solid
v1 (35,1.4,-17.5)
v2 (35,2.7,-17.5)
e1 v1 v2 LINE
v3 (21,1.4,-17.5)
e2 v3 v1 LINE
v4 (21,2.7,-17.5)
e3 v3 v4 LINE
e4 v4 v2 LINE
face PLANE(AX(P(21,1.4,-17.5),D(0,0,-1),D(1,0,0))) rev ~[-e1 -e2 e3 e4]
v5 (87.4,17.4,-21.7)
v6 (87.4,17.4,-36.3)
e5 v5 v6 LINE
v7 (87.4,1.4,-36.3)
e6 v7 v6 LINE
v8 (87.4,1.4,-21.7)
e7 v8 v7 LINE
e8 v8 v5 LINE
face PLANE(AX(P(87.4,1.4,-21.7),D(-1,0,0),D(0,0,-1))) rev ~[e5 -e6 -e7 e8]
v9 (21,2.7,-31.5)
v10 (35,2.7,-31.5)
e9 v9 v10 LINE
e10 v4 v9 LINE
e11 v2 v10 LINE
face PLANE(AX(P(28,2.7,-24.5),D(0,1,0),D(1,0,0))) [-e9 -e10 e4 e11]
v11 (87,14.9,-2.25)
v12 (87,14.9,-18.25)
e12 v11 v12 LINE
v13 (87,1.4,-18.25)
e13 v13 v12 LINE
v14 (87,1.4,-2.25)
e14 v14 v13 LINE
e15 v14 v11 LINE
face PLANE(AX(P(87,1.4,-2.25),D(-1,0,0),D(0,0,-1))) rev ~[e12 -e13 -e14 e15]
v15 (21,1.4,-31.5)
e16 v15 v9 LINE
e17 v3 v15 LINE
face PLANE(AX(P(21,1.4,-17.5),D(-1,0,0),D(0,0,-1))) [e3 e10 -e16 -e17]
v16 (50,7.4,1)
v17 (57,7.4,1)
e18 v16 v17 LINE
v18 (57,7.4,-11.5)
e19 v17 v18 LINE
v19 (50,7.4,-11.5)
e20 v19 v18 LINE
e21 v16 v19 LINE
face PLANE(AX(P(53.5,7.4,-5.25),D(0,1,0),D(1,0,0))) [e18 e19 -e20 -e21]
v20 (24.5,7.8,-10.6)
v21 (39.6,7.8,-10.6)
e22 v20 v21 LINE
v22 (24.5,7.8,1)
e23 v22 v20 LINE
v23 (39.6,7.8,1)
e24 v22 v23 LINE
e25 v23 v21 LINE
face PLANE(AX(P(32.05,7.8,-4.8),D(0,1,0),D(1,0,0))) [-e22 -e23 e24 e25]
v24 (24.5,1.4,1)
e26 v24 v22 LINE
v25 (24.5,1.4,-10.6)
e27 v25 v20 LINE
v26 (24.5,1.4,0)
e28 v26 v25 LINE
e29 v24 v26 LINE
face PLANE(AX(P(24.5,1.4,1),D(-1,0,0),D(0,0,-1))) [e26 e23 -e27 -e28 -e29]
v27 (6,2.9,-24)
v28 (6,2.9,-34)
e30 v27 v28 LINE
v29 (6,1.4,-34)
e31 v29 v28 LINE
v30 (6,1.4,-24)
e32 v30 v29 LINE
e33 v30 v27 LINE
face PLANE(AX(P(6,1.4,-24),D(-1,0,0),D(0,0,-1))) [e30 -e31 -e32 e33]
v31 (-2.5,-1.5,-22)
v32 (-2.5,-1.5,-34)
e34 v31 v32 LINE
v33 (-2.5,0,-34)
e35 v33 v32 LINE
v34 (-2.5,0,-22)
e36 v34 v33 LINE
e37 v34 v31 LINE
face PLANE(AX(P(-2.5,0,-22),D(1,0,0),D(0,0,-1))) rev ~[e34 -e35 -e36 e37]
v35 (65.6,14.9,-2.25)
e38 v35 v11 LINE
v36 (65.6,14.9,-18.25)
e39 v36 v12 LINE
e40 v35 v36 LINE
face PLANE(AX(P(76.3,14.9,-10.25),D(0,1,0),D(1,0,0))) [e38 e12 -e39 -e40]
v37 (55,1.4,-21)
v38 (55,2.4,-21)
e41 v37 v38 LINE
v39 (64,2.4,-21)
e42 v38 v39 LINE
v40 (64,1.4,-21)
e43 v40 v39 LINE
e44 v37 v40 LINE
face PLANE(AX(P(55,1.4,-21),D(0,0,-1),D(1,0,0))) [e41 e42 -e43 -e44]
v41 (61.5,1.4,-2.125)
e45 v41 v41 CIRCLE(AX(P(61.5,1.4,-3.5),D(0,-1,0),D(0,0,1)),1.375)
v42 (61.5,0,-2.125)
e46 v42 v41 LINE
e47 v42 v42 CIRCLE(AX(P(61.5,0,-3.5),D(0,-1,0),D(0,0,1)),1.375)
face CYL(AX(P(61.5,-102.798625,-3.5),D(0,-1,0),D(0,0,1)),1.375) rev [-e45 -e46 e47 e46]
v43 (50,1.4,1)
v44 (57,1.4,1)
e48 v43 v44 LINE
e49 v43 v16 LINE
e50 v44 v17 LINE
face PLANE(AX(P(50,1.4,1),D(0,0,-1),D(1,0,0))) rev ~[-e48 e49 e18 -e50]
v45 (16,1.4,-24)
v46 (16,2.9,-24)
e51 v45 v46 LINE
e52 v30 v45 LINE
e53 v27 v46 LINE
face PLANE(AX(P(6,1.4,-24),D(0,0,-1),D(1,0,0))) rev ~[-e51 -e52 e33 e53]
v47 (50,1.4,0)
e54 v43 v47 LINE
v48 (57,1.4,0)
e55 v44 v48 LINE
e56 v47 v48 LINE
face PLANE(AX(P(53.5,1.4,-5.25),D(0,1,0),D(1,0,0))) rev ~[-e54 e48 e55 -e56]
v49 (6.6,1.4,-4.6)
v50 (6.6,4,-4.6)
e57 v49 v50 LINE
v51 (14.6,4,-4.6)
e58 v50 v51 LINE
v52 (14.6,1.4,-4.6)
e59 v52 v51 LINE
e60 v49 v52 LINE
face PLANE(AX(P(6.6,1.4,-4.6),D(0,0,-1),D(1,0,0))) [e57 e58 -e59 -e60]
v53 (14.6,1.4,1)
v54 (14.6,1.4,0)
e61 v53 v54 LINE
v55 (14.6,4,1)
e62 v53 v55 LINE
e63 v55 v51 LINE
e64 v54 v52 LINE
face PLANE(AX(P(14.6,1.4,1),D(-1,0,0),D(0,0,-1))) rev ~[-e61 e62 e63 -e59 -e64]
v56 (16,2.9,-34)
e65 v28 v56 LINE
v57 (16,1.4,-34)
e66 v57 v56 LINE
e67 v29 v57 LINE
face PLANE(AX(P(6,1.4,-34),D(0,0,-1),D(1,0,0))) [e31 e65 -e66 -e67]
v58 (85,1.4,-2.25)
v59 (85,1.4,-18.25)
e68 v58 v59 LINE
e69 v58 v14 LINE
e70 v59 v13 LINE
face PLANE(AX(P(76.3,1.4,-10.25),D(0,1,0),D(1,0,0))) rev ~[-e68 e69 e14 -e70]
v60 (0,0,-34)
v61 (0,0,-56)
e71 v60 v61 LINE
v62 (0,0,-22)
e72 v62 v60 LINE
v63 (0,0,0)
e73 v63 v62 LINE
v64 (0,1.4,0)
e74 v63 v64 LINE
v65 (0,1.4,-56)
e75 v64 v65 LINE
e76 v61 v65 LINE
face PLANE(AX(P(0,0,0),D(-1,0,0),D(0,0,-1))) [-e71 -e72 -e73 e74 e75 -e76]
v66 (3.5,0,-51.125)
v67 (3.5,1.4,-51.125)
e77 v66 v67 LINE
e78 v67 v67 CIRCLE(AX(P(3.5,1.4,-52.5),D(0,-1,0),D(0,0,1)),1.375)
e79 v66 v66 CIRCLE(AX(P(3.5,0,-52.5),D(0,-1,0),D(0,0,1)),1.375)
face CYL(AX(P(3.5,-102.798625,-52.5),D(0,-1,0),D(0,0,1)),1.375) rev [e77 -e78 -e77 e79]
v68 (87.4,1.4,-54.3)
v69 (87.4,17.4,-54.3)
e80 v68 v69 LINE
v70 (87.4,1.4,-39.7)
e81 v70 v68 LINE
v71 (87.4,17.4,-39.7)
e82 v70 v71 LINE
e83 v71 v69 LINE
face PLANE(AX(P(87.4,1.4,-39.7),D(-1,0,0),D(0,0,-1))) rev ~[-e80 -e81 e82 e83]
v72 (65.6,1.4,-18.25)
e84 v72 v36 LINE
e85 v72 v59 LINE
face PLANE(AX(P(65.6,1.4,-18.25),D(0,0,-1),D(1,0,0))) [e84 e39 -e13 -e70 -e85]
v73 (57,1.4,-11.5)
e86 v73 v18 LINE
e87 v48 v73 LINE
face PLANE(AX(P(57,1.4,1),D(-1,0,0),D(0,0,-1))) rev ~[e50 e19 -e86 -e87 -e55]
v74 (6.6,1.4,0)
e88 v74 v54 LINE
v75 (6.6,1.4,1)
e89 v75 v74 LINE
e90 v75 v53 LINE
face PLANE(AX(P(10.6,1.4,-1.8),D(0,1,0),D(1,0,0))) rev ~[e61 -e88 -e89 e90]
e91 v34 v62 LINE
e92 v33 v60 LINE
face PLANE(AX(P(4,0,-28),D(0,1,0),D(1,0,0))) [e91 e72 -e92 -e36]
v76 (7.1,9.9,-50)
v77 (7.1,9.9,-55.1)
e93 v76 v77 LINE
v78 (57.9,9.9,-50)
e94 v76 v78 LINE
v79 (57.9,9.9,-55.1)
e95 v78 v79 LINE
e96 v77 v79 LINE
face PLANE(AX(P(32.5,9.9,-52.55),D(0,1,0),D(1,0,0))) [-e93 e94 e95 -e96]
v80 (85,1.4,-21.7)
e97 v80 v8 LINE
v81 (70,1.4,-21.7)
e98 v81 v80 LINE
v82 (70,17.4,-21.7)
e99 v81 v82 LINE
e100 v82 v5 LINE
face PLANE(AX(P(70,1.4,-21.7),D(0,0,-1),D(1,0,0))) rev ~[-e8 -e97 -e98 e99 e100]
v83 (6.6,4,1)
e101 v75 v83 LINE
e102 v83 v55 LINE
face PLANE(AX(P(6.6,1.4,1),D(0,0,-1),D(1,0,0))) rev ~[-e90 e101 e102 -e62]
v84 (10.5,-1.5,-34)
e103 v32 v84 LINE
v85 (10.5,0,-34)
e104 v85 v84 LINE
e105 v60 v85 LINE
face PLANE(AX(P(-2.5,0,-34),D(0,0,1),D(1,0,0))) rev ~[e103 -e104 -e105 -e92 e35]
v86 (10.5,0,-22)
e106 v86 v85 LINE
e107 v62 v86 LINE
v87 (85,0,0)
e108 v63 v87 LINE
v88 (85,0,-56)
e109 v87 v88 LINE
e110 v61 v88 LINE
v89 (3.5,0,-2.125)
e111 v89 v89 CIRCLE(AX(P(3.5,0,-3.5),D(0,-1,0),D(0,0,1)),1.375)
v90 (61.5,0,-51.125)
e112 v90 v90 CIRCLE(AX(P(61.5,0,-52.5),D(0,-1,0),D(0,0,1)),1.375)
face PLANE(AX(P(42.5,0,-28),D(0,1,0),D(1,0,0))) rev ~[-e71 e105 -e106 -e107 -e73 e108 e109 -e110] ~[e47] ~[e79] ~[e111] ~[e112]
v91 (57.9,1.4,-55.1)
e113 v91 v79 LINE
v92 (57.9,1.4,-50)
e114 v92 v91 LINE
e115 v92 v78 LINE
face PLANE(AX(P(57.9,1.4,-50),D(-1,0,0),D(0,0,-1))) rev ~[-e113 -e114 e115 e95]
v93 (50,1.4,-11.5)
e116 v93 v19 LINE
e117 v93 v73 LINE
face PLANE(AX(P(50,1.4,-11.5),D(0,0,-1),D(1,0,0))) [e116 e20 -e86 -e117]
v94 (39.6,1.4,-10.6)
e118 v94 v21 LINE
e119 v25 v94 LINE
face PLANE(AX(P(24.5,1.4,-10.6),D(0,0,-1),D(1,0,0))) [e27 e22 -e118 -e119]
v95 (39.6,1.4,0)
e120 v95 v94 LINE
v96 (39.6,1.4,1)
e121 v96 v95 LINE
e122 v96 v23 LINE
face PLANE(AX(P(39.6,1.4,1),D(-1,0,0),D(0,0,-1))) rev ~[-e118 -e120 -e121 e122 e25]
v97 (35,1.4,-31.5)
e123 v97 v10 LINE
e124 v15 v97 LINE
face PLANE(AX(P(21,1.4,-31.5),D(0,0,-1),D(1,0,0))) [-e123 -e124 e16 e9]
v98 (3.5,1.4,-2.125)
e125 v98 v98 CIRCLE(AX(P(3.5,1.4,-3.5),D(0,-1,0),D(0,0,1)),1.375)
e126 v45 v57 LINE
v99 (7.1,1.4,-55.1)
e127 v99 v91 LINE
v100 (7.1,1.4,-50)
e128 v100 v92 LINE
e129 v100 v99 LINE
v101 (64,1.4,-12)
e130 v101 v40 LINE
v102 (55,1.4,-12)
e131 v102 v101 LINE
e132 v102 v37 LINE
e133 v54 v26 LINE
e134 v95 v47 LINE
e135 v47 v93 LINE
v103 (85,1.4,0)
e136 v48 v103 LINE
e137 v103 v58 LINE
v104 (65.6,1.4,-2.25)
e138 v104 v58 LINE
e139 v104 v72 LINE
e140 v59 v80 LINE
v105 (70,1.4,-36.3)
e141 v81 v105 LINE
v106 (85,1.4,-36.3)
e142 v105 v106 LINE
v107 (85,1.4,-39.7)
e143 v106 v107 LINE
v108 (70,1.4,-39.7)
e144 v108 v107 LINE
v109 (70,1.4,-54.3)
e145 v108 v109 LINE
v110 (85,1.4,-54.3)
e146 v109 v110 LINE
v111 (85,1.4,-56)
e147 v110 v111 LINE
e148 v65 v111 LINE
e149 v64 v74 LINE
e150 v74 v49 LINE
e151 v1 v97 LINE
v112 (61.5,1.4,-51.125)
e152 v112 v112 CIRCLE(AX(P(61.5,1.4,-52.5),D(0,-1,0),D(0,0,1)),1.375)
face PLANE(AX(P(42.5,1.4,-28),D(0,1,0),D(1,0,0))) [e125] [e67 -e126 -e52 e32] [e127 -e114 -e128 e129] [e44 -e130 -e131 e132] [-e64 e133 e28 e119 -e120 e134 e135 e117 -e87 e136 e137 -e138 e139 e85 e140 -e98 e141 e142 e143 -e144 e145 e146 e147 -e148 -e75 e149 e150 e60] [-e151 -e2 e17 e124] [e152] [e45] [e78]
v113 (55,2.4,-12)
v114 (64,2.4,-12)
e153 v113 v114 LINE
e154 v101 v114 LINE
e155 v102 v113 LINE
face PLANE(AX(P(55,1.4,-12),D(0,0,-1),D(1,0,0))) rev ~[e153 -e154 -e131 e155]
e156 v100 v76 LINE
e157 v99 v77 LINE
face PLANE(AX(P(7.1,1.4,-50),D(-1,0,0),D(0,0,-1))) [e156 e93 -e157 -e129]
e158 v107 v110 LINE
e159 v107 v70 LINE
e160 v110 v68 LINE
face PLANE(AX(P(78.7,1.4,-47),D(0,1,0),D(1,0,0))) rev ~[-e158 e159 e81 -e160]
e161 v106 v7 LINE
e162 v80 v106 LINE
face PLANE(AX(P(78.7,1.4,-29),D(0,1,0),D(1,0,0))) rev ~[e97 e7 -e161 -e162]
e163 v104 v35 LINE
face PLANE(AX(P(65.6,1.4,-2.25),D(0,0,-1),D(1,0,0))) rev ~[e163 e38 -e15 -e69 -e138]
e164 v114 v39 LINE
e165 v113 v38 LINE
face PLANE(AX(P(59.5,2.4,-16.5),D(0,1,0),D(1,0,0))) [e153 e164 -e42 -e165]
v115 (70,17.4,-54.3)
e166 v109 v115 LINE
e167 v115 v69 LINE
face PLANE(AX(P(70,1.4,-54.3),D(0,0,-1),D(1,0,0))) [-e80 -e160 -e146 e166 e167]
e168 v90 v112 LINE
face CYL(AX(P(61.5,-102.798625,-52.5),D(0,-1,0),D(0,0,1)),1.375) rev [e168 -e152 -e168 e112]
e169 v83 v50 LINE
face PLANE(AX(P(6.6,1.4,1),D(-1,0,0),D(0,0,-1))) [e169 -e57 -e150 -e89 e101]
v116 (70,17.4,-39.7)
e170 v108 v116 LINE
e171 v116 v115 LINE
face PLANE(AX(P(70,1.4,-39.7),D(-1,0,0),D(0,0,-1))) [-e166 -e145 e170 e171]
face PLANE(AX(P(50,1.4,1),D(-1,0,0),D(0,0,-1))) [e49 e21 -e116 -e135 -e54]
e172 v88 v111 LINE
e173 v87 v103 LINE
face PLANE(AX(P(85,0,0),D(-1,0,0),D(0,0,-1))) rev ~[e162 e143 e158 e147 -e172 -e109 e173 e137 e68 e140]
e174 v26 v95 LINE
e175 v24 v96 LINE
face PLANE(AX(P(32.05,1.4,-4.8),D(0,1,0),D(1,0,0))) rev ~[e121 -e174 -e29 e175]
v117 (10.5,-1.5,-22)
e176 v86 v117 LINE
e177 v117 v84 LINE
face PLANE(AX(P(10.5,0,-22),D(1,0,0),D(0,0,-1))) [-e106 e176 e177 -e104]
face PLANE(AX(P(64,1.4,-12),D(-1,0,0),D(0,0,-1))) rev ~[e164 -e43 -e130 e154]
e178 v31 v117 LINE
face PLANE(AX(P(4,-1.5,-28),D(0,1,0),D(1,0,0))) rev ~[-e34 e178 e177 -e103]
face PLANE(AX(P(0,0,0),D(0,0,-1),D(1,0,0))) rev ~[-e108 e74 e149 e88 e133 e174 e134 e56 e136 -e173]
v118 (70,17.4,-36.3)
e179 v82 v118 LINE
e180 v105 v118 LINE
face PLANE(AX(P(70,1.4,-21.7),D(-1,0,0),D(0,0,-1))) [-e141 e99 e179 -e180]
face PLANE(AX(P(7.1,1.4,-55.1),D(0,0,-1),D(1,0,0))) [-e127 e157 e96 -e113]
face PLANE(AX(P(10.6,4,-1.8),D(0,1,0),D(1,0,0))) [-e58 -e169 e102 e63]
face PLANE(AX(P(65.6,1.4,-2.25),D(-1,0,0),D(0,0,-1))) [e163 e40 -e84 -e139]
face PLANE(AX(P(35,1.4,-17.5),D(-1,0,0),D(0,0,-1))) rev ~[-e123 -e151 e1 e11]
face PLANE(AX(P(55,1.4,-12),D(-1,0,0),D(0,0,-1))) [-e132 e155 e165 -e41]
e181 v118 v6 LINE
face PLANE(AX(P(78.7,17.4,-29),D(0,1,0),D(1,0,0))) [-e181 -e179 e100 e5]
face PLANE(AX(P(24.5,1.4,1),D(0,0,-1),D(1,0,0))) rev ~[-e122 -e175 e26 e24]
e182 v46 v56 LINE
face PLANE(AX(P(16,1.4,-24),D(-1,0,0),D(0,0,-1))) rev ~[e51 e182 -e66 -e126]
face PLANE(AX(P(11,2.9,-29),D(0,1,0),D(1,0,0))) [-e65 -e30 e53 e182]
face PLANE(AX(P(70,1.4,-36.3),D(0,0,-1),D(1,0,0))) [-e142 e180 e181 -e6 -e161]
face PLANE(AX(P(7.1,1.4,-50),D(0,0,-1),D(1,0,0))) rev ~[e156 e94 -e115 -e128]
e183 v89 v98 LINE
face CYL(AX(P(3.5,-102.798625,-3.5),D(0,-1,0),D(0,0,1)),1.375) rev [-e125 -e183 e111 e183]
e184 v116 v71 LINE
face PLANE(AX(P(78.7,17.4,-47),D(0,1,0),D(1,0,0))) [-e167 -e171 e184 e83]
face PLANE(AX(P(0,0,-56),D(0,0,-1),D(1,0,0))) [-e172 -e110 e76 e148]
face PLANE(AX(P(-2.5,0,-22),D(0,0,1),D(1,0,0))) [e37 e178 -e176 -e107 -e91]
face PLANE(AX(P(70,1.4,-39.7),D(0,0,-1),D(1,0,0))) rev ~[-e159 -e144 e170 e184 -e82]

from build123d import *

# Parameters (mm, degrees)
SKETCH1_W               = 85
SKETCH1_H               = 56
PCB_DEPTH               = 1.4
M2_5_HOLE_1_DEPTH       = 102.798624745
M2_5_HOLE_1_DEPTH_BACK  = 102.798624745
SKETCH2_R               = 1.375
M2_5_HOLE_2_DEPTH       = 102.798624745
M2_5_HOLE_2_DEPTH_BACK  = 102.798624745
SKETCH3_R               = 1.375
M2_5_HOLE_3_DEPTH       = 102.798624745
M2_5_HOLE_3_DEPTH_BACK  = 102.798624745
SKETCH4_R               = 1.375
M2_5_HOLE_4_DEPTH       = 102.798624745
M2_5_HOLE_4_DEPTH_BACK  = 102.798624745
SKETCH5_R               = 1.375
GPIO_HEADER_40PIN_START = 1.4
SKETCH6_W               = 50.8
SKETCH6_H               = 5.1
GPIO_HEADER_40PIN_DEPTH = 8.5
USB_PAIR_1_START        = 1.4
SKETCH7_W               = 17.4
SKETCH7_H               = 14.6
USB_PAIR_1_DEPTH        = 16
USB_PAIR_2_START        = 1.4
SKETCH8_W               = 17.4
SKETCH8_H               = 14.6
USB_PAIR_2_DEPTH        = 16
ETHERNET_RJ45_START     = 1.4
SKETCH9_W               = 21.4
SKETCH9_H               = 16
ETHERNET_RJ45_DEPTH     = 13.5
SOC_BCM2837B0_START     = 1.4
SKETCH10_W              = 14
SKETCH10_H              = 14
SOC_BCM2837B0_DEPTH     = 1.3
HDMI_START              = 1.4
SKETCH11_W              = 15.1
SKETCH11_H              = 11.6
HDMI_DEPTH              = 6.4
MICRO_USB_POWER_START   = 1.4
SKETCH12_W              = 8
SKETCH12_H              = 5.6
MICRO_USB_POWER_DEPTH   = 2.6
AUDIO_JACK_START        = 1.4
SKETCH13_W              = 7
SKETCH13_H              = 12.5
AUDIO_JACK_DEPTH        = 6
WIFI_SHIELD_START       = 1.4
SKETCH14_W              = 10
SKETCH14_H              = 10
WIFI_SHIELD_DEPTH       = 1.5
LAN_CHIP_START          = 1.4
SKETCH15_W              = 9
SKETCH15_H              = 9
LAN_CHIP_DEPTH          = 1
SKETCH16_W              = 13
SKETCH16_H              = 12
MICROSD_SLOT_DEPTH      = 1.5


with BuildPart() as part:
    # Sketch1 → PCB (new body)
    with BuildSketch(Plane(origin=(0, 0, 0), x_dir=(1, 0, 0), z_dir=(0, 1, 0))):
        with Locations((42.5, 28)):
            Rectangle(SKETCH1_W, SKETCH1_H)
    extrude(amount=PCB_DEPTH)

    # Sketch2 → M2_5_hole_1 (cut, two sides: drawn at the far end of the back side and taken through both)
    with BuildSketch(Plane(origin=(0, 0, 0), x_dir=(1, 0, 0), z_dir=(0, 1, 0)).offset(-M2_5_HOLE_1_DEPTH_BACK)):
        with Locations(Location((3.5, 3.5, 0), (0, 0, 270))):
            Circle(SKETCH2_R)
    extrude(amount=M2_5_HOLE_1_DEPTH + M2_5_HOLE_1_DEPTH_BACK, mode=Mode.SUBTRACT)

    # Sketch3 → M2_5_hole_2 (cut, two sides: drawn at the far end of the back side and taken through both)
    with BuildSketch(Plane(origin=(0, 0, 0), x_dir=(1, 0, 0), z_dir=(0, 1, 0)).offset(-M2_5_HOLE_2_DEPTH_BACK)):
        with Locations(Location((61.5, 3.5, 0), (0, 0, 270))):
            Circle(SKETCH3_R)
    extrude(amount=M2_5_HOLE_2_DEPTH + M2_5_HOLE_2_DEPTH_BACK, mode=Mode.SUBTRACT)

    # Sketch4 → M2_5_hole_3 (cut, two sides: drawn at the far end of the back side and taken through both)
    with BuildSketch(Plane(origin=(0, 0, 0), x_dir=(1, 0, 0), z_dir=(0, 1, 0)).offset(-M2_5_HOLE_3_DEPTH_BACK)):
        with Locations(Location((3.5, 52.5, 0), (0, 0, 270))):
            Circle(SKETCH4_R)
    extrude(amount=M2_5_HOLE_3_DEPTH + M2_5_HOLE_3_DEPTH_BACK, mode=Mode.SUBTRACT)

    # Sketch5 → M2_5_hole_4 (cut, two sides: drawn at the far end of the back side and taken through both)
    with BuildSketch(Plane(origin=(0, 0, 0), x_dir=(1, 0, 0), z_dir=(0, 1, 0)).offset(-M2_5_HOLE_4_DEPTH_BACK)):
        with Locations(Location((61.5, 52.5, 0), (0, 0, 270))):
            Circle(SKETCH5_R)
    extrude(amount=M2_5_HOLE_4_DEPTH + M2_5_HOLE_4_DEPTH_BACK, mode=Mode.SUBTRACT)

    # Sketch6 → GPIO_header_40pin (add)
    with BuildSketch(Plane(origin=(0, 0, 0), x_dir=(1, 0, 0), z_dir=(0, 1, 0)).offset(GPIO_HEADER_40PIN_START)):
        with Locations((32.5, 52.55)):
            Rectangle(SKETCH6_W, SKETCH6_H)
    extrude(amount=GPIO_HEADER_40PIN_DEPTH)

    # Sketch7 → USB_pair_1 (add)
    with BuildSketch(Plane(origin=(0, 0, 0), x_dir=(1, 0, 0), z_dir=(0, 1, 0)).offset(USB_PAIR_1_START)):
        with Locations((78.7, 29)):
            Rectangle(SKETCH7_W, SKETCH7_H)
    extrude(amount=USB_PAIR_1_DEPTH)

    # Sketch8 → USB_pair_2 (add)
    with BuildSketch(Plane(origin=(0, 0, 0), x_dir=(1, 0, 0), z_dir=(0, 1, 0)).offset(USB_PAIR_2_START)):
        with Locations((78.7, 47)):
            Rectangle(SKETCH8_W, SKETCH8_H)
    extrude(amount=USB_PAIR_2_DEPTH)

    # Sketch9 → Ethernet_RJ45 (add)
    with BuildSketch(Plane(origin=(0, 0, 0), x_dir=(1, 0, 0), z_dir=(0, 1, 0)).offset(ETHERNET_RJ45_START)):
        with Locations((76.3, 10.25)):
            Rectangle(SKETCH9_W, SKETCH9_H)
    extrude(amount=ETHERNET_RJ45_DEPTH)

    # Sketch10 → SoC_BCM2837B0 (add)
    with BuildSketch(Plane(origin=(0, 0, 0), x_dir=(1, 0, 0), z_dir=(0, 1, 0)).offset(SOC_BCM2837B0_START)):
        with Locations((28, 24.5)):
            Rectangle(SKETCH10_W, SKETCH10_H)
    extrude(amount=SOC_BCM2837B0_DEPTH)

    # Sketch11 → HDMI (add)
    with BuildSketch(Plane(origin=(0, 0, 0), x_dir=(1, 0, 0), z_dir=(0, 1, 0)).offset(HDMI_START)):
        with Locations((32.05, 4.8)):
            Rectangle(SKETCH11_W, SKETCH11_H)
    extrude(amount=HDMI_DEPTH)

    # Sketch12 → Micro_USB_power (add)
    with BuildSketch(Plane(origin=(0, 0, 0), x_dir=(1, 0, 0), z_dir=(0, 1, 0)).offset(MICRO_USB_POWER_START)):
        with Locations((10.6, 1.8)):
            Rectangle(SKETCH12_W, SKETCH12_H)
    extrude(amount=MICRO_USB_POWER_DEPTH)

    # Sketch13 → Audio_jack (add)
    with BuildSketch(Plane(origin=(0, 0, 0), x_dir=(1, 0, 0), z_dir=(0, 1, 0)).offset(AUDIO_JACK_START)):
        with Locations((53.5, 5.25)):
            Rectangle(SKETCH13_W, SKETCH13_H)
    extrude(amount=AUDIO_JACK_DEPTH)

    # Sketch14 → WiFi_shield (add)
    with BuildSketch(Plane(origin=(0, 0, 0), x_dir=(1, 0, 0), z_dir=(0, 1, 0)).offset(WIFI_SHIELD_START)):
        with Locations((11, 29)):
            Rectangle(SKETCH14_W, SKETCH14_H)
    extrude(amount=WIFI_SHIELD_DEPTH)

    # Sketch15 → LAN_chip (add)
    with BuildSketch(Plane(origin=(0, 0, 0), x_dir=(1, 0, 0), z_dir=(0, 1, 0)).offset(LAN_CHIP_START)):
        with Locations((59.5, 16.5)):
            Rectangle(SKETCH15_W, SKETCH15_H)
    extrude(amount=LAN_CHIP_DEPTH)

    # Sketch16 → MicroSD_slot (add)
    with BuildSketch(Plane(origin=(0, 0, 0), x_dir=(1, 0, 0), z_dir=(0, 1, 0))):
        with Locations((4, 28)):
            Rectangle(SKETCH16_W, SKETCH16_H)
    extrude(amount=-MICROSD_SLOT_DEPTH)


solid = part.part
